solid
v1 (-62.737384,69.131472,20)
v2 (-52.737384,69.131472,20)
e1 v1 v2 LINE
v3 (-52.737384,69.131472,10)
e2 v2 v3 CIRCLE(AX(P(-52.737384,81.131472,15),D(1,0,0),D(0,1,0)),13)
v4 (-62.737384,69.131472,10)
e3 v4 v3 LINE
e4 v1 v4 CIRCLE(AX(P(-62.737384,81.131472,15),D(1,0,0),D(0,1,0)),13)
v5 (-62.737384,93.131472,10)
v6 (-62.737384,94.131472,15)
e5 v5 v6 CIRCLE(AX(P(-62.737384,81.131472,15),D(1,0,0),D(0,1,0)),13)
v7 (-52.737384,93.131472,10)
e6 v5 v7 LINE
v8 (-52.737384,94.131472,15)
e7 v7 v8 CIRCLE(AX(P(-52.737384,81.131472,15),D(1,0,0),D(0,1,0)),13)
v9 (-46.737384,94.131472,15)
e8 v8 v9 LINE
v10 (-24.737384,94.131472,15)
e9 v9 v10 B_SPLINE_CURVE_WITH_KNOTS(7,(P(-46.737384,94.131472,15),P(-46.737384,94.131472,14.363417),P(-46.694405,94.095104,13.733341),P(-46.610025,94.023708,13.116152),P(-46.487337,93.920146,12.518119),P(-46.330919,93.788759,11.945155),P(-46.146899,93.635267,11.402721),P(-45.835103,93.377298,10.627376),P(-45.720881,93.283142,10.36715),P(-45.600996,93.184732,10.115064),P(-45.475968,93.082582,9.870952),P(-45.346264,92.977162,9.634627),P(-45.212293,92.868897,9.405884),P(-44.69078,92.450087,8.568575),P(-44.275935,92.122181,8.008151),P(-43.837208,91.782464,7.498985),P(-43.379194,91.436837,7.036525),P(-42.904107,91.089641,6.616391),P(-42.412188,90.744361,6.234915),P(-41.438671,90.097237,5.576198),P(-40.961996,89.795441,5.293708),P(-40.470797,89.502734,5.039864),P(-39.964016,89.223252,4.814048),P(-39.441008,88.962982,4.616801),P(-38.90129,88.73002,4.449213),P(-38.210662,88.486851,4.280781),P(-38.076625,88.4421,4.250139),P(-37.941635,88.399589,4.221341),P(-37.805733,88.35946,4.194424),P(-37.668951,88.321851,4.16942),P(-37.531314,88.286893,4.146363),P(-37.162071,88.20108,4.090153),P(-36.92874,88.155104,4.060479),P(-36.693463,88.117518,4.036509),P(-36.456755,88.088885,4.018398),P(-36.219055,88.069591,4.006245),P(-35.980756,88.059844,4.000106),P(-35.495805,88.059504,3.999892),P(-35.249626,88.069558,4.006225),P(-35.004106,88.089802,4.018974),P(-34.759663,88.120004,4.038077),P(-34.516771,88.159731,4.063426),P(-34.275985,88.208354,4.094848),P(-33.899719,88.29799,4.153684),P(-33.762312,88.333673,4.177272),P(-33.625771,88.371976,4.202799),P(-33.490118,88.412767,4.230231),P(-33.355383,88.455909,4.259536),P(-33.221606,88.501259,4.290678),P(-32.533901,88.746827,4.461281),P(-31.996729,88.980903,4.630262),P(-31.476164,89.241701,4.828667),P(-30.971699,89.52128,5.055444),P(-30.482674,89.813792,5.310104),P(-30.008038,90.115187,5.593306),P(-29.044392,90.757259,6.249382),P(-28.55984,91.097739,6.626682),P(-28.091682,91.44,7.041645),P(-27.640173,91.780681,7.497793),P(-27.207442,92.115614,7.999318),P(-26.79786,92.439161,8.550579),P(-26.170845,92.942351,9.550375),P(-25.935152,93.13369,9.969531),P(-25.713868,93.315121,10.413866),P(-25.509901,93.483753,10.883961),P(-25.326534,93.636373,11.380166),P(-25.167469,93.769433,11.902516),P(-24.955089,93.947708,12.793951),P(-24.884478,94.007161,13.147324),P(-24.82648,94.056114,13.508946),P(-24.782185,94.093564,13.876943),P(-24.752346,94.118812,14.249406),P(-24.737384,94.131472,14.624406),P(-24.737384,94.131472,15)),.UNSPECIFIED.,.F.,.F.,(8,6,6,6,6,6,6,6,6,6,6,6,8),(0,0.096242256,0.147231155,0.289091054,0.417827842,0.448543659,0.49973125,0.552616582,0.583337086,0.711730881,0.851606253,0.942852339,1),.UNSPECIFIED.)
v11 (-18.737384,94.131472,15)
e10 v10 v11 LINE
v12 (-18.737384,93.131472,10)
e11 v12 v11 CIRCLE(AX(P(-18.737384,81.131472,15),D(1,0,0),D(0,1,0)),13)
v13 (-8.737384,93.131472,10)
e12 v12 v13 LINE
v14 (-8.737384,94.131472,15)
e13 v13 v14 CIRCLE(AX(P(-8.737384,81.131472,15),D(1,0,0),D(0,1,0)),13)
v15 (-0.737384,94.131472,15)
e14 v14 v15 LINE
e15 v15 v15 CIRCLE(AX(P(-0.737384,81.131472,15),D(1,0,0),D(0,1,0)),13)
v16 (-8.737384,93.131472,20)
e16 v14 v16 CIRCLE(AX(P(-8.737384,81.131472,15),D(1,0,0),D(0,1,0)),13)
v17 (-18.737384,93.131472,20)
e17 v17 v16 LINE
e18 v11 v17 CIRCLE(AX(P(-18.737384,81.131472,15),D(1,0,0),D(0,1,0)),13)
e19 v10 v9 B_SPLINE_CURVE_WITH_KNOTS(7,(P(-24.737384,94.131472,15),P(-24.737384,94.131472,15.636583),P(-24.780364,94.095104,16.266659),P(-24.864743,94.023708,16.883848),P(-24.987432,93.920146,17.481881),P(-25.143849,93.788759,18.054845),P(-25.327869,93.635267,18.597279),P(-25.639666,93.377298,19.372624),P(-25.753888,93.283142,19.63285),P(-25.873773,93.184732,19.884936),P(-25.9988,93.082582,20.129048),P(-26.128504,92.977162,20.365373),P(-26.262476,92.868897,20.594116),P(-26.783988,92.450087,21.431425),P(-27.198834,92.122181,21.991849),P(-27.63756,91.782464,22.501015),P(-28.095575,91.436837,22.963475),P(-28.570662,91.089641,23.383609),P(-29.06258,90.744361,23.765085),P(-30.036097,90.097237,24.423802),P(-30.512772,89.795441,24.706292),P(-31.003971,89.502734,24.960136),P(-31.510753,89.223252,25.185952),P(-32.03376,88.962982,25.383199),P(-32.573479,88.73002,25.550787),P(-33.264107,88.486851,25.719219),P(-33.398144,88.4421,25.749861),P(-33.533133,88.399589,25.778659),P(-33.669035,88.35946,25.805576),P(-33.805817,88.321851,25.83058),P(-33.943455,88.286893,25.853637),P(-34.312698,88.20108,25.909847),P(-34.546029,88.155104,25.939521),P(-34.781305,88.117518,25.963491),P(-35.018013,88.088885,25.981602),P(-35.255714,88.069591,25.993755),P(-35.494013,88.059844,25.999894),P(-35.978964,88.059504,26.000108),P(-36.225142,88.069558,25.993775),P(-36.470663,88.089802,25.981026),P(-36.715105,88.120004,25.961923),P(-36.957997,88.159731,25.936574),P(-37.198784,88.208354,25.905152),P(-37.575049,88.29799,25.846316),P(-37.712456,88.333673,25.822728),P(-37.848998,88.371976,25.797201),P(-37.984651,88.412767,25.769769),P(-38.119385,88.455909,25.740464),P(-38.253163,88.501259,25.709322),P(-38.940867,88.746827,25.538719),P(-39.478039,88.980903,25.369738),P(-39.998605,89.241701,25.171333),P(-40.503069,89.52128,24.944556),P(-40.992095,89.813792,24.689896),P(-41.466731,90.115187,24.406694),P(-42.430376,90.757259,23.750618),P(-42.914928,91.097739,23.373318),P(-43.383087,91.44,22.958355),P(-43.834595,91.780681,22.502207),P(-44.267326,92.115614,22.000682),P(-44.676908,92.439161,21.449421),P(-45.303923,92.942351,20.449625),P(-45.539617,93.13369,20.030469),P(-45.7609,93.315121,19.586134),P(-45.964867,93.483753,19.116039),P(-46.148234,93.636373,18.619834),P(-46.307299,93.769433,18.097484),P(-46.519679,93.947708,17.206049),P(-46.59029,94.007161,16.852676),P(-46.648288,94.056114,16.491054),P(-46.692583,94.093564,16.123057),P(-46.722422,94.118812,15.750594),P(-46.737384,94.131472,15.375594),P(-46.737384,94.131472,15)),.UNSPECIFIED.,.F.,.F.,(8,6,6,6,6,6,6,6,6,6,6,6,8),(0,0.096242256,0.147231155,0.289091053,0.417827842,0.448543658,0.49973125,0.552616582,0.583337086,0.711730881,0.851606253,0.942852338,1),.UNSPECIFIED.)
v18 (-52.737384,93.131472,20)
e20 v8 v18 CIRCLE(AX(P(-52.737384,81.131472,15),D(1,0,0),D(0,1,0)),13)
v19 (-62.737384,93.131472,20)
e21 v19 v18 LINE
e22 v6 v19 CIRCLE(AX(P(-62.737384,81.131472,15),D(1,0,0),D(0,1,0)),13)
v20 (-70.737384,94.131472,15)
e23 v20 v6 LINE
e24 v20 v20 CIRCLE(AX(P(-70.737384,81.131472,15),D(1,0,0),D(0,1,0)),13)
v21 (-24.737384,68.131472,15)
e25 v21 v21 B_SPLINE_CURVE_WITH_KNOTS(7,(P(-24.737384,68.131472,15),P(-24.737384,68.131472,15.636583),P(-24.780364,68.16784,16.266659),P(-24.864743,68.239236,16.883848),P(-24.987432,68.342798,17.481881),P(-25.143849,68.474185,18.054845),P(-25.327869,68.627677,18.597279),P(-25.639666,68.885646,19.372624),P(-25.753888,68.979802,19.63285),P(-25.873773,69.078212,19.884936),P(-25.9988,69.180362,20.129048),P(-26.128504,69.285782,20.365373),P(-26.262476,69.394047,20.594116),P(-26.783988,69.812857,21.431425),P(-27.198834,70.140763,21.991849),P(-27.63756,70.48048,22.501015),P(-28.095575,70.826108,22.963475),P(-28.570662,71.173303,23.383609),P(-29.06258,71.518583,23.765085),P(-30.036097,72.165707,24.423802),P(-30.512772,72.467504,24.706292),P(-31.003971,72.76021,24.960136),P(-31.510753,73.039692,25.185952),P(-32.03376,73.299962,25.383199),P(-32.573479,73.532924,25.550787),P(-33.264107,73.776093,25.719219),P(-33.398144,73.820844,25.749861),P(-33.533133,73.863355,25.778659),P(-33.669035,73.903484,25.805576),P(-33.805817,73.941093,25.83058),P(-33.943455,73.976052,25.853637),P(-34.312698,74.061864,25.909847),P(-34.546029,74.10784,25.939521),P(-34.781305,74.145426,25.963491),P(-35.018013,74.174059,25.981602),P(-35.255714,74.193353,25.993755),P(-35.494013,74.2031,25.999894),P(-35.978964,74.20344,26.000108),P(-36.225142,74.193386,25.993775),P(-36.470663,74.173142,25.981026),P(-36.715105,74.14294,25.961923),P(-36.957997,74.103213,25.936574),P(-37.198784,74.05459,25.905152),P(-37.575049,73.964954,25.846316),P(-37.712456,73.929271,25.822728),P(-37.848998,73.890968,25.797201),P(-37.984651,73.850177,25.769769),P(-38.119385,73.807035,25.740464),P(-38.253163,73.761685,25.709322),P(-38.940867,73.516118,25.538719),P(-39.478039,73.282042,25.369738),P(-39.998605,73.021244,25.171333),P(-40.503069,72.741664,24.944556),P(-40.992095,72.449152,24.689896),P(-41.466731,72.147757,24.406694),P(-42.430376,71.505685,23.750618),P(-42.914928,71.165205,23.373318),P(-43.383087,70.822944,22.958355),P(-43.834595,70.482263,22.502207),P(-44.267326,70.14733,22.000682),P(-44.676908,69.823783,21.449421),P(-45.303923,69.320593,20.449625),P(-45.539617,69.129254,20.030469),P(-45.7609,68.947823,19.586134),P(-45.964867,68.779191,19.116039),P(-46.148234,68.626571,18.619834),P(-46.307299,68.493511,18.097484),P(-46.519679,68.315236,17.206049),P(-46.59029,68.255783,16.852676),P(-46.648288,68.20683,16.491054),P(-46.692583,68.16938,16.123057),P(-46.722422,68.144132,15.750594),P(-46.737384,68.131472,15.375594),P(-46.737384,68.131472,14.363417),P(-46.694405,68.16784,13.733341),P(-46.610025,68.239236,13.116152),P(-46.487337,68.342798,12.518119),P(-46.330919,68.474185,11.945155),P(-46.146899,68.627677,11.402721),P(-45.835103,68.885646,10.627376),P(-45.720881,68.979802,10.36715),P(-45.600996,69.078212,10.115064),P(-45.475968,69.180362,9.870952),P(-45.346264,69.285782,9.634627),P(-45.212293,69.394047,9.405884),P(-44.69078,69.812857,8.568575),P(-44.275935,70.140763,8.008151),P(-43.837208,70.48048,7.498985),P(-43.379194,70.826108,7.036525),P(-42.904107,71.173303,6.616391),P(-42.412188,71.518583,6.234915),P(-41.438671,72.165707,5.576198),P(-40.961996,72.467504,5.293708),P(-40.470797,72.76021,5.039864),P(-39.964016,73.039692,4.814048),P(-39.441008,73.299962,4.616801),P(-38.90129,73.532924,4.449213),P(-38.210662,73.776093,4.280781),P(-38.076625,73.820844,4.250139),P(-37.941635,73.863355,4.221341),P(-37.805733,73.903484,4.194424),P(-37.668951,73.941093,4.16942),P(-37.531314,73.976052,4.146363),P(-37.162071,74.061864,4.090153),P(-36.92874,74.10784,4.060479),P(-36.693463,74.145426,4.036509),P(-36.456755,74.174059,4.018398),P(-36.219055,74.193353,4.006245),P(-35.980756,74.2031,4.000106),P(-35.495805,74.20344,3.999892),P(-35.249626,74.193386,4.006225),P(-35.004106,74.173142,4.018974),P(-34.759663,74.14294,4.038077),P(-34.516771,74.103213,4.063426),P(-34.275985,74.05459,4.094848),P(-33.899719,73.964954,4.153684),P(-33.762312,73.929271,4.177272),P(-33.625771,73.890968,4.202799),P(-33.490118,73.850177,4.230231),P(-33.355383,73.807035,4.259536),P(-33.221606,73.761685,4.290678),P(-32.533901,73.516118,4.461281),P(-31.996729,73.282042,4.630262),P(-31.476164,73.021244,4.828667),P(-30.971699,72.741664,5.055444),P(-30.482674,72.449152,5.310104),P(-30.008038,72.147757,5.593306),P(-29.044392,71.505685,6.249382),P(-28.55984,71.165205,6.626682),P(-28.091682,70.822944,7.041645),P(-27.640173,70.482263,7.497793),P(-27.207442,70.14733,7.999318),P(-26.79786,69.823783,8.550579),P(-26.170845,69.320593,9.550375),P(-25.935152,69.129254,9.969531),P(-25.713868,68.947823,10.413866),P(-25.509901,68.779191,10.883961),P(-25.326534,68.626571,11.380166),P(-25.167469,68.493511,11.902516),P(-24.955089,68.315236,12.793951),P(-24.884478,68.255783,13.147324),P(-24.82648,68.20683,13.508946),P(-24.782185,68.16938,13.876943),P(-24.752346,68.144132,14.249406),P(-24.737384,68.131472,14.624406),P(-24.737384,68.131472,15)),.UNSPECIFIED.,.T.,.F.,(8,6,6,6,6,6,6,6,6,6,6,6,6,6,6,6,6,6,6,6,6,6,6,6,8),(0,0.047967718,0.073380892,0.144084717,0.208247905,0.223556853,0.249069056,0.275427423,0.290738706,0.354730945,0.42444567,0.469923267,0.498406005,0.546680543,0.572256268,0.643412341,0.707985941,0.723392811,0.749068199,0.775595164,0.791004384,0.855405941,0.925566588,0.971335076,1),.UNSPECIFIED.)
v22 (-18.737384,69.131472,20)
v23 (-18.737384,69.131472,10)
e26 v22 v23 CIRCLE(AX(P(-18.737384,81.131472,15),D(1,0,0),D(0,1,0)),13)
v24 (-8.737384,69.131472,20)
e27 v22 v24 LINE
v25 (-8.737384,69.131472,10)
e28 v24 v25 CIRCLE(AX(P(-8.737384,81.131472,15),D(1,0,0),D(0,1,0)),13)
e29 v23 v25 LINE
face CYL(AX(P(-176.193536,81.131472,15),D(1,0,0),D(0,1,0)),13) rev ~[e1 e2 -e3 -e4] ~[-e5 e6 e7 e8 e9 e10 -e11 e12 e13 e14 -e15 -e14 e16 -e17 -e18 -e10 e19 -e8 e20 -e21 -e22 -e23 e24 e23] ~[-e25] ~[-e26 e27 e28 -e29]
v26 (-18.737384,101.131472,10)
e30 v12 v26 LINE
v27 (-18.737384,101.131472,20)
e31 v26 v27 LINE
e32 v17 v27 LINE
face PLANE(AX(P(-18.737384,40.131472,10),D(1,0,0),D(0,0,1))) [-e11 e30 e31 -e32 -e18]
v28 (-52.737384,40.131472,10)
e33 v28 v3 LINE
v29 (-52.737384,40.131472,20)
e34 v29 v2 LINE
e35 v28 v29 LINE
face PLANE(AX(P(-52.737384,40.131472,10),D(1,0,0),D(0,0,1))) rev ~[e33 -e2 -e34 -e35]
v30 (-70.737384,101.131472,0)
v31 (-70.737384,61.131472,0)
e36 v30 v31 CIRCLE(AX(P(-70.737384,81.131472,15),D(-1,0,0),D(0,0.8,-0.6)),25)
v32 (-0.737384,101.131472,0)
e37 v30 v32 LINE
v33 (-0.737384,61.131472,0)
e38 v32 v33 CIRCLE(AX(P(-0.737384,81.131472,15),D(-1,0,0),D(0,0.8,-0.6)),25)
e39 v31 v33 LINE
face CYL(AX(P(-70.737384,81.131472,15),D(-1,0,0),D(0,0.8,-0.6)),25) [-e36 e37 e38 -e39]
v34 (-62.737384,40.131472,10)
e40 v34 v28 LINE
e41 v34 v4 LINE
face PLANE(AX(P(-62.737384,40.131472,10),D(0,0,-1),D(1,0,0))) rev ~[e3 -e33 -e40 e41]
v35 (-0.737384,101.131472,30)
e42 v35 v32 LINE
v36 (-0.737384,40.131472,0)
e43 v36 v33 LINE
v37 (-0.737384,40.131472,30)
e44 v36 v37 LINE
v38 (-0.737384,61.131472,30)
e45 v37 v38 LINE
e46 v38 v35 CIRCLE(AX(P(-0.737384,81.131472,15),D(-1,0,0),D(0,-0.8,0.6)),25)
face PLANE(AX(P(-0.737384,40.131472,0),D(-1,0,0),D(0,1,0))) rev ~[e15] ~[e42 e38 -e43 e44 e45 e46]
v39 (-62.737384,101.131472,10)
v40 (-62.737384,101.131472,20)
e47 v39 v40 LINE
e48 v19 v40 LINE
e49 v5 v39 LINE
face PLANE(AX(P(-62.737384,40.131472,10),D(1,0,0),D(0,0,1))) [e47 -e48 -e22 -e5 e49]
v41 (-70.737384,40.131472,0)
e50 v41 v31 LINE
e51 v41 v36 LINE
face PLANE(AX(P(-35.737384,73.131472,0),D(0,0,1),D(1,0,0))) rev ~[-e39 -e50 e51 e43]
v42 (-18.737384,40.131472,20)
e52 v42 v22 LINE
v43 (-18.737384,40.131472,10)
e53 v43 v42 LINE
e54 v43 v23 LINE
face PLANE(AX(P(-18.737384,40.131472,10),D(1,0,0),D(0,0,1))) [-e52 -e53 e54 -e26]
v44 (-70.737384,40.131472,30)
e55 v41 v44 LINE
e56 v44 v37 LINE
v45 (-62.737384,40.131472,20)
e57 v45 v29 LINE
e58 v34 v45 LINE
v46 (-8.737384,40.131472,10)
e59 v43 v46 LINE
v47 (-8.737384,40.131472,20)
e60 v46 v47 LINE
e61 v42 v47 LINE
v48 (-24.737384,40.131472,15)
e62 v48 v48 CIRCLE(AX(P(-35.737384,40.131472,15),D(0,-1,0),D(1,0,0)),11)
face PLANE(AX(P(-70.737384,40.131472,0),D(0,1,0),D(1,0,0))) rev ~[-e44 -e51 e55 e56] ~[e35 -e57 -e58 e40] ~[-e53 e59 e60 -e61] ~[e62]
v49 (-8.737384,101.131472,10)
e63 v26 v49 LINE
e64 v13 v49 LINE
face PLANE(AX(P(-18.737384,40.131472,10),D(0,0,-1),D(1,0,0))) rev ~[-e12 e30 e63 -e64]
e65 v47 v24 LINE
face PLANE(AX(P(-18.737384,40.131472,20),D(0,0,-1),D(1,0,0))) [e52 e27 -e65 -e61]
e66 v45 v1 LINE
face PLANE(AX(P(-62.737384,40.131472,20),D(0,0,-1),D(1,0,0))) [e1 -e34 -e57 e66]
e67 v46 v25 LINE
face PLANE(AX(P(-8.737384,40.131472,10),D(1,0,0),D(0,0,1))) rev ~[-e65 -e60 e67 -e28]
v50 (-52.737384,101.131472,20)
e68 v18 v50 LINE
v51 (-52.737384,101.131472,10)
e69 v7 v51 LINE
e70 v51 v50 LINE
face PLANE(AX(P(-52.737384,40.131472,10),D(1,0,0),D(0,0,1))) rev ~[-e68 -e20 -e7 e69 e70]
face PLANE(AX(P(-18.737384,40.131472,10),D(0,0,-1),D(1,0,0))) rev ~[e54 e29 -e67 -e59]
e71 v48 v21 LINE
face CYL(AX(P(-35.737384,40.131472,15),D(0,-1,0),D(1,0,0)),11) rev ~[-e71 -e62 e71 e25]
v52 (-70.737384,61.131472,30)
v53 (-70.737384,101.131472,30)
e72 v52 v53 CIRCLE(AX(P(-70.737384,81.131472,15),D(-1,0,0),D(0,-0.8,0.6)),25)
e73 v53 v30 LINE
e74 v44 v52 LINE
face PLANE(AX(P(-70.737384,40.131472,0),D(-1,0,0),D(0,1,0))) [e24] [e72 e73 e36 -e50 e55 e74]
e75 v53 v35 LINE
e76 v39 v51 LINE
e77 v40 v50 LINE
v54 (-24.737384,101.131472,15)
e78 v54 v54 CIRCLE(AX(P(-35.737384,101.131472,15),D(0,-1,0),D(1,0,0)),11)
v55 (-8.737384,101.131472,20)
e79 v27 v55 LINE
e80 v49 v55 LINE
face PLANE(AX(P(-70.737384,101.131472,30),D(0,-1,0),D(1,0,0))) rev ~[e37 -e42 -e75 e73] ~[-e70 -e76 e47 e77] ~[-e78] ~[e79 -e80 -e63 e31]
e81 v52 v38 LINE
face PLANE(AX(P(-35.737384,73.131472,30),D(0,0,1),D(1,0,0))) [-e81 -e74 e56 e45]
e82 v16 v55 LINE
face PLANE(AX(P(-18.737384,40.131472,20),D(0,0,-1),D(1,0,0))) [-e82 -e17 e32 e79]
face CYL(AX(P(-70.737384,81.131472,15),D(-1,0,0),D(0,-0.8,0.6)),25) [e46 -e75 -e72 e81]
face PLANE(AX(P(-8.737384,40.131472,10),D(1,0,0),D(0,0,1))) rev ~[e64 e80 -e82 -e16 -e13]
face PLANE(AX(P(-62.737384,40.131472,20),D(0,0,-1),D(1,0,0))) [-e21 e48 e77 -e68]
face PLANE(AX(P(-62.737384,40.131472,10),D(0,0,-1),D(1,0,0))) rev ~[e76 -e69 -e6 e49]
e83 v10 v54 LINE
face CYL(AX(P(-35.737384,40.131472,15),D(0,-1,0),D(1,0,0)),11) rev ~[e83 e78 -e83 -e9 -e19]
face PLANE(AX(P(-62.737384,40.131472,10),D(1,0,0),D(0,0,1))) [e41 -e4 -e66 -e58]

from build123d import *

# Parameters (mm, degrees)
F0_W     = 70
F0_H     = 66
F1_DEPTH = 30
F3_DEPTH = 70
F4_DEPTH = 30
F6_D     = 26
F7_W     = 10
F7_H     = 10
F7_R     = 11
F8_DEPTH = 70


with BuildPart() as f1:
    # F0 (on Top) → F1 (new body)
    with BuildSketch(Plane.XY):
        with Locations((-35.7373842597, 73.1314720511)):
            Rectangle(F0_W, F0_H)
    extrude(amount=F1_DEPTH)

    # F2 (on face) → F3 (join)
    with BuildSketch(Plane(origin=(-70.7373842597, 0, 0), x_dir=(0, -1, 0), z_dir=(-1, 0, 0))):
        with BuildLine():
            Line((-101.1314720511, 30), (-61.1314720511, 30))
            ThreePointArc((-61.1314720511, 30), (-81.1314720511, 40), (-101.1314720511, 30))
        make_face()
        with BuildLine():
            ThreePointArc((-101.1314720511, 0), (-81.1314720511, -10), (-61.1314720511, 0))
            Line((-61.1314720511, 0), (-101.1314720511, 0))
        make_face()
    extrude(amount=-F3_DEPTH)

    # F4 (cut): a face of the model
    f4_faces = [f1.faces().sort_by_distance(p)[0] for p in [
        (-35.7373842597, 103.6314720511, 30),
    ]]
    extrude(f4_faces, amount=-F4_DEPTH, mode=Mode.SUBTRACT)

    # F6 (through all)
    with Locations(Plane(origin=(-70.7373842597, 0, 0), x_dir=(0, -1, 0), z_dir=(-1, 0, 0))):
        with Locations((-81.1314720511, 15)):
            Hole(F6_D / 2)

    # F7 (on face) → F8 (cut)
    with BuildSketch(Plane.XZ.offset(-40.1314720511)):
        with Locations((-57.7373842597, 15)):
            Rectangle(F7_W, F7_H)
        with Locations((-13.7373842597, 15)):
            Rectangle(F7_W, F7_H)
        with Locations((-35.7373842597, 15)):
            Circle(F7_R)
    extrude(amount=-F8_DEPTH, mode=Mode.SUBTRACT)


solid = f1.part
